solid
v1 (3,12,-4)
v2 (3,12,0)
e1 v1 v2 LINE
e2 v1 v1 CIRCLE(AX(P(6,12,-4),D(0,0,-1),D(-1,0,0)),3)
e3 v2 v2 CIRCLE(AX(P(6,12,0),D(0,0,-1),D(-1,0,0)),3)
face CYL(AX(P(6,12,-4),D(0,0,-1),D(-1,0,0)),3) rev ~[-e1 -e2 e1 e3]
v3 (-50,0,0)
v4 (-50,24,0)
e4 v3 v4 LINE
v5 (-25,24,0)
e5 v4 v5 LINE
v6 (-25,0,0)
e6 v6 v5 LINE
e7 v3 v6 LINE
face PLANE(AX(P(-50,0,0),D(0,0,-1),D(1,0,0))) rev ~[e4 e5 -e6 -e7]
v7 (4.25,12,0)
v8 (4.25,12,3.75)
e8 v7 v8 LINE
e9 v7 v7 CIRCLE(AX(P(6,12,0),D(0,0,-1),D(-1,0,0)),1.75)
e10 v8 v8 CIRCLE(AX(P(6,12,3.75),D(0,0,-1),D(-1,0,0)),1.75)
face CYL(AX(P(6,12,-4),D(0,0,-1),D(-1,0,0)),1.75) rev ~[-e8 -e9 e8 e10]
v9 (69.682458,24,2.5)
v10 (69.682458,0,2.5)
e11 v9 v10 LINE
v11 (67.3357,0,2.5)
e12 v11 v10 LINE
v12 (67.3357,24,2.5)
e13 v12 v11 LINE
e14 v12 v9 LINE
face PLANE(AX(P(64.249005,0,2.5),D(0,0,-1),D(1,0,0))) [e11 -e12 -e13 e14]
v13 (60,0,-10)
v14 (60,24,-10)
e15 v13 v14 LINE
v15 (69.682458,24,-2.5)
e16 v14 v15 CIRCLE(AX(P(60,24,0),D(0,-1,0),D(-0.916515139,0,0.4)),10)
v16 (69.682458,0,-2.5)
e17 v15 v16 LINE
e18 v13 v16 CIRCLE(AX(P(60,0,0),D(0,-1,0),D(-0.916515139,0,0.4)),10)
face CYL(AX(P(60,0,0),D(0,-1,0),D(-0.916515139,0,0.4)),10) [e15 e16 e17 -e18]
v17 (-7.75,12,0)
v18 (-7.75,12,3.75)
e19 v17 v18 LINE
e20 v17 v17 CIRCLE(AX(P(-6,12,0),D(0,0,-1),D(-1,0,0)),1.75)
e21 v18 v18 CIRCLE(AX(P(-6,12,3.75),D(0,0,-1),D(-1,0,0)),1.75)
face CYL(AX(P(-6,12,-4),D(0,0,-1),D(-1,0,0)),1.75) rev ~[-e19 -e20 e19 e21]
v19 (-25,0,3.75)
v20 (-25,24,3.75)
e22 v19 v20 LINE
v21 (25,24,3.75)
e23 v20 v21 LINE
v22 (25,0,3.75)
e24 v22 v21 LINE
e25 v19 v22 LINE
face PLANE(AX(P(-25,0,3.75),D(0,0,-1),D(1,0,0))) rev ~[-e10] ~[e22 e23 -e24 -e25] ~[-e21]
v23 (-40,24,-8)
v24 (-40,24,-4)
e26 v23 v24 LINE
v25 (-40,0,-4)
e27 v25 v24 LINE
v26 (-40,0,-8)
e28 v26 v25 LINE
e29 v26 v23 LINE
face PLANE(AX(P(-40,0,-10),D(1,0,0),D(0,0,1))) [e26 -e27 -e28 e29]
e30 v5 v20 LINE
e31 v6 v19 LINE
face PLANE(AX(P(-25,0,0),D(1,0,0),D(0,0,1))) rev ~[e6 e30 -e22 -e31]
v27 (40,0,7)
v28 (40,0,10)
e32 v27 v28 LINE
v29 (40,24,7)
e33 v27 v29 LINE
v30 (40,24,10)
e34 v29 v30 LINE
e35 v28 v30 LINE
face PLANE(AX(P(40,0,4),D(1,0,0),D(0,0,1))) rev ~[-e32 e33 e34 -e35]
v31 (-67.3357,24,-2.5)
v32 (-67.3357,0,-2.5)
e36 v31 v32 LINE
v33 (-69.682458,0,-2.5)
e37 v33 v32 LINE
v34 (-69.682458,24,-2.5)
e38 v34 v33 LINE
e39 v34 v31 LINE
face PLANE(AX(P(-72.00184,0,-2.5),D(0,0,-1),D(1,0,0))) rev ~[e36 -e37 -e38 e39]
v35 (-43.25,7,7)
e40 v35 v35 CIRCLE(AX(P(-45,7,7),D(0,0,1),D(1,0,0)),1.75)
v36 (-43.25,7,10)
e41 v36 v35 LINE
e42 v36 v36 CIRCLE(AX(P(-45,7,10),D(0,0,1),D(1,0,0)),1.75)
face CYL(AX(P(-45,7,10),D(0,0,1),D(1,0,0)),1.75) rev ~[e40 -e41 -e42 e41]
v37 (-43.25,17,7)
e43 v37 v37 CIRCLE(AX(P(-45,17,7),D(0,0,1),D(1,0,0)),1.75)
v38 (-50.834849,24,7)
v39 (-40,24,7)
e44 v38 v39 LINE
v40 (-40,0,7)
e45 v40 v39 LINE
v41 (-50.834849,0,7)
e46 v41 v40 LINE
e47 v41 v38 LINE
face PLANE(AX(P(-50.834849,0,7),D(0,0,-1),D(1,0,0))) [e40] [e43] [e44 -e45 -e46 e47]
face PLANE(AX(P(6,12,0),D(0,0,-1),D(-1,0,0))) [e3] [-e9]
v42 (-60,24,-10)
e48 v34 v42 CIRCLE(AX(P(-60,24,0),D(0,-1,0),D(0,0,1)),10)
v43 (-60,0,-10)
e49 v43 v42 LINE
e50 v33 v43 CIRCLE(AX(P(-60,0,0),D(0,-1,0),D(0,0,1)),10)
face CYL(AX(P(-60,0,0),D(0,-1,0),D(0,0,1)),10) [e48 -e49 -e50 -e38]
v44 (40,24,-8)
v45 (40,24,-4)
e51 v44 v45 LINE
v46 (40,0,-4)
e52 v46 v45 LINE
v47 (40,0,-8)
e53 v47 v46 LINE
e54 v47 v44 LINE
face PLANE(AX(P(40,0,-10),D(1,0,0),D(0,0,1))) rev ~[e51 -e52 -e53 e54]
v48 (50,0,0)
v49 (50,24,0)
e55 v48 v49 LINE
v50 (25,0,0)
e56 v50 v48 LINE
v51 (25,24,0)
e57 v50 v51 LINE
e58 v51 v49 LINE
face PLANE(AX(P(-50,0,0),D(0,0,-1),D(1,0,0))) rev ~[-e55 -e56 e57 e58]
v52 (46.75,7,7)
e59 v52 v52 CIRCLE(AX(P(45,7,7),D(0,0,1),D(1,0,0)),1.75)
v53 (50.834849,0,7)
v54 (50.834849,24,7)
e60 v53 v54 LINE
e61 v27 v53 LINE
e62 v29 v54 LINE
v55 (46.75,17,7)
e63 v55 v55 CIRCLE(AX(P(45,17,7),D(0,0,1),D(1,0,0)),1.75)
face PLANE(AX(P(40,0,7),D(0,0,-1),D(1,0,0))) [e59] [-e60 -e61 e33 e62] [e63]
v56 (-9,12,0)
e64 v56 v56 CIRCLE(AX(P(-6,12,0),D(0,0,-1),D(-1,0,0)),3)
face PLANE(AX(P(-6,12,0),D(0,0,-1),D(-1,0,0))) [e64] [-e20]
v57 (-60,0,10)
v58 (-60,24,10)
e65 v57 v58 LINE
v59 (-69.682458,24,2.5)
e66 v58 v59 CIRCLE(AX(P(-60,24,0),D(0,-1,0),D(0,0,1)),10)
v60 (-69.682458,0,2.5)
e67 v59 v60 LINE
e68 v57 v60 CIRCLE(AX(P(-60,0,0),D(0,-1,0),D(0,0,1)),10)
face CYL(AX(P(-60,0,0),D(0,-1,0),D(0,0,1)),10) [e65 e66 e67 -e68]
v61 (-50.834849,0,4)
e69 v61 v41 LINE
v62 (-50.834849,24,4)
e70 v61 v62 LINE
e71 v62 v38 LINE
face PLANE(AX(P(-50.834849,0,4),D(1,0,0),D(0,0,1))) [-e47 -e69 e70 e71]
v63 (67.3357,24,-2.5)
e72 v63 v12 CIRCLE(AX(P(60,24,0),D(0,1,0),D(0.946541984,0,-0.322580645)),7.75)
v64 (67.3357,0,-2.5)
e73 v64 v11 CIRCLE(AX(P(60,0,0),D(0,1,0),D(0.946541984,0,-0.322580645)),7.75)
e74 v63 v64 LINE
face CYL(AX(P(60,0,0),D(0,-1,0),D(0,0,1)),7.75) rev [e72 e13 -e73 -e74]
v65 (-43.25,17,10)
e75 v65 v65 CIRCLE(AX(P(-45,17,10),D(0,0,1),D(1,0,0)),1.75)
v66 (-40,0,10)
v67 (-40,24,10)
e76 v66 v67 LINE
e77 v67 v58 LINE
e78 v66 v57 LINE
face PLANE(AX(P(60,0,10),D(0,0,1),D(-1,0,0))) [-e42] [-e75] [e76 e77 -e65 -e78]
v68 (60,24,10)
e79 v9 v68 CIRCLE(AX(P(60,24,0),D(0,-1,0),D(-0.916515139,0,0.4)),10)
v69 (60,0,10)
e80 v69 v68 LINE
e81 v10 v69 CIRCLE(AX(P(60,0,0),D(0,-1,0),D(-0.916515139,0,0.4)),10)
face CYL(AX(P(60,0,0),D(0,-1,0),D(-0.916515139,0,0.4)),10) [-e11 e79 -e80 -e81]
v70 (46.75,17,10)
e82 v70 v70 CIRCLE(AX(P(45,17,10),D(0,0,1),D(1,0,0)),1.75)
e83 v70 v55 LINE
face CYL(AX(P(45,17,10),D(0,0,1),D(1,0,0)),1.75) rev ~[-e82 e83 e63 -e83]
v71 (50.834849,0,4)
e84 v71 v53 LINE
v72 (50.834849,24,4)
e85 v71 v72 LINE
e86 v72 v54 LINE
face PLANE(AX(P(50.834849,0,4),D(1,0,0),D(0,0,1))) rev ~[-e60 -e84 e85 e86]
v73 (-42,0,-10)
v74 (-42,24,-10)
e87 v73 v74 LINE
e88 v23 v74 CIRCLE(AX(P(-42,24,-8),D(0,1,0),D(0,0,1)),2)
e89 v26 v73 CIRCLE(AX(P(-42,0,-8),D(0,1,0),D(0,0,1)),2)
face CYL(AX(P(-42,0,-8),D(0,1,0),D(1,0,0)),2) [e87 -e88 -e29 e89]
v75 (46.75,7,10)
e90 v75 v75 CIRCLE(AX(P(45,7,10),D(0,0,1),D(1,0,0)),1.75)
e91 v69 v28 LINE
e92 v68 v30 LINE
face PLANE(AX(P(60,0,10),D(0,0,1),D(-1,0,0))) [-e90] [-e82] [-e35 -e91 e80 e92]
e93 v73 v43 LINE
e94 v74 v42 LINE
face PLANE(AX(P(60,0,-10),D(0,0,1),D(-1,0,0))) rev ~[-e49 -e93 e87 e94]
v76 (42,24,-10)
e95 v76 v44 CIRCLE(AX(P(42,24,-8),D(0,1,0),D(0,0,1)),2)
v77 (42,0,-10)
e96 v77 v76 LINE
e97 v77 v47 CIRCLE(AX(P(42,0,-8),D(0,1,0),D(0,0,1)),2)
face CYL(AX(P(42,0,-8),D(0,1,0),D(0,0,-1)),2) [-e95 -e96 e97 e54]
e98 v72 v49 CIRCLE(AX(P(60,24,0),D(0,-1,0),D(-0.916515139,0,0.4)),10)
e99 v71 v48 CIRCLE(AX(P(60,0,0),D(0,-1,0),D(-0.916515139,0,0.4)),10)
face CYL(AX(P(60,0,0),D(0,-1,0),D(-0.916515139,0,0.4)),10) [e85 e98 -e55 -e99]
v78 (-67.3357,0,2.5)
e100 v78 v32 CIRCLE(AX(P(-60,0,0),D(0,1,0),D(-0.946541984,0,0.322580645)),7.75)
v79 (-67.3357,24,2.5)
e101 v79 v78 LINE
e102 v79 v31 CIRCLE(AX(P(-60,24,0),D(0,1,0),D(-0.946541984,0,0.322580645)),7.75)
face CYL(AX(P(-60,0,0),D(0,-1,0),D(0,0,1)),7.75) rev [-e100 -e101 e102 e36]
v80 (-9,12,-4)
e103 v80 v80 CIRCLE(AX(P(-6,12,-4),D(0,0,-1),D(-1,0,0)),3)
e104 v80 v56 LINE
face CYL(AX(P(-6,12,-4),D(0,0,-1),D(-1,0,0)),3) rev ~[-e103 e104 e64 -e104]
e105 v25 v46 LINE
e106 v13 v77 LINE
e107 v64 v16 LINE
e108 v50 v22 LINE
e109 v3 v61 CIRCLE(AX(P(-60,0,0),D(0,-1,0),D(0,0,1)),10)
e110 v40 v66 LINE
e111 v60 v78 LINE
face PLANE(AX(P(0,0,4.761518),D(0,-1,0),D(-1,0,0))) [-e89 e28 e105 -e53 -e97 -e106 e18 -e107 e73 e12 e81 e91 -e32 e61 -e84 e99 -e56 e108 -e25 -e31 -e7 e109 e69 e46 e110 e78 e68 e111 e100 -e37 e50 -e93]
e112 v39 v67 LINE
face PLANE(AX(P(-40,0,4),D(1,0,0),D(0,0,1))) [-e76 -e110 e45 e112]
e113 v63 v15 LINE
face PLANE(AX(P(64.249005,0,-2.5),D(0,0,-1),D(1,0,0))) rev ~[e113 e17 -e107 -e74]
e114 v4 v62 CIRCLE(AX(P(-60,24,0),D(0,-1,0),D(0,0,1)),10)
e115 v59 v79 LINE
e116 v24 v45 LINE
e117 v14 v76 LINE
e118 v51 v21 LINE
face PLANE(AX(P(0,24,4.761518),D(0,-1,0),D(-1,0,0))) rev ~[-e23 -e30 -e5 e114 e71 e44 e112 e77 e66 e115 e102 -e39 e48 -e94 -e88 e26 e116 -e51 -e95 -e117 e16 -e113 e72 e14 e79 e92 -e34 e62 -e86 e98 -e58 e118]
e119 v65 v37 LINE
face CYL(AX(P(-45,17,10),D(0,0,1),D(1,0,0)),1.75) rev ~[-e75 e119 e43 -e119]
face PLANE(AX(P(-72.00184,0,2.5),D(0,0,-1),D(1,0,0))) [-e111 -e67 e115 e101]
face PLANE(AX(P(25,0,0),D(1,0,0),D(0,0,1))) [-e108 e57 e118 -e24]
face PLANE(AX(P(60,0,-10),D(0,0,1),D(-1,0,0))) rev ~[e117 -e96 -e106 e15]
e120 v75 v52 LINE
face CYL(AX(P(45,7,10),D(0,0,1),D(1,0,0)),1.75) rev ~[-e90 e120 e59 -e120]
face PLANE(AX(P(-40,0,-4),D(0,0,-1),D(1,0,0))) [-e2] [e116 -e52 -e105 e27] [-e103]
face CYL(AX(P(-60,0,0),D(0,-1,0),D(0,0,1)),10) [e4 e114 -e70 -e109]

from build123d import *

# Parameters (mm, degrees)
SKETCH_1_R          = 7.75
EXTRUDE_1_DEPTH     = 24
EXTRUDE_START       = -24
EXTRUDE_2_DEPTH     = 24
SKETCH_3_W          = 50
SKETCH_3_H          = 3.75
EXTRUDE_3_DEPTH     = 24
SKETCH_4_W          = 80
SKETCH_4_H          = 6
CUT_EXTRUDE_1_DEPTH = 24
FILLET_1_R          = 2
SKETCH_5_W          = 7.752834923
SKETCH_5_H          = 5
CUT_EXTRUDE_2_DEPTH = 24
SKETCH_6_R          = 1.75
CUT_EXTRUDE_3_DEPTH = 24
SKETCH_7_R          = 1.75
CUT_EXTRUDE_4_DEPTH = 3
SKETCH_8_W          = 10.83484861
SKETCH_8_H          = 3
CUT_EXTRUDE_5_DEPTH = 75.375029438
SKETCH_9_R          = 1.75
CUT_EXTRUDE_6_DEPTH = 3
SKETCH_10_R         = 3
CUT_EXTRUDE_7_DEPTH = 4


with BuildPart() as part:
    # 草图1 → 凸台-拉伸1 (new body)
    with BuildSketch(Plane(origin=(0, 0, 0), x_dir=(1, 0, 0), z_dir=(0, 1, 0))):
        with BuildLine():
            Line((-50.83484861, -4), (50.83484861, -4))
            ThreePointArc((50.83484861, -4), (65.477225575, 8.366600265), (60, -10))
            Line((60, -10), (-60, -10))
            ThreePointArc((-60, -10), (-65.477225575, 8.366600265), (-50.83484861, -4))
        make_face()
        with Locations(Location((-60, 0, 0), (0, 0, 270))):
            Circle(SKETCH_1_R, mode=Mode.SUBTRACT)
        with Locations(Location((60, 0, 0), (0, 0, 270))):
            Circle(SKETCH_1_R, mode=Mode.SUBTRACT)
    extrude(amount=EXTRUDE_1_DEPTH)

    # 草图2 → 凸台-拉伸2 (add)
    with BuildSketch(Plane(origin=(0, 24, 0), x_dir=(1, 0, 0), z_dir=(0, 1, 0)).offset(EXTRUDE_START)):
        with BuildLine():
            ThreePointArc((-60, 10), (-52.928932188, 7.071067812), (-50, 0))
            Line((-50, 0), (50, 0))
            ThreePointArc((50, 0), (52.928932188, 7.071067812), (60, 10))
            Line((60, 10), (-60, 10))
        make_face()
    extrude(amount=EXTRUDE_2_DEPTH)

    # 草图3 → 凸台-拉伸3 (add)
    with BuildSketch(Plane.XZ):
        with Locations((0, 1.875)):
            Rectangle(SKETCH_3_W, SKETCH_3_H)
    extrude(amount=-EXTRUDE_3_DEPTH)

    # 草图4 → 切除-拉伸1 (cut)
    with BuildSketch(Plane.XZ):
        with Locations((0, 7)):
            Rectangle(SKETCH_4_W, SKETCH_4_H)
        with Locations((0, -7)):
            Rectangle(SKETCH_4_W, SKETCH_4_H)
    extrude(amount=-CUT_EXTRUDE_1_DEPTH, mode=Mode.SUBTRACT)

    # 圆角1
    fillet_1_edges = [part.edges().sort_by_distance(p)[0] for p in [
        (40, 12, -10),
        (-40, 12, -10),
    ]]
    fillet(fillet_1_edges, radius=FILLET_1_R)

    # 草图5 → 切除-拉伸2 (cut)
    with BuildSketch(Plane.XZ):
        with Locations((68.12542242, 0)):
            Rectangle(SKETCH_5_W, SKETCH_5_H)
        with Locations((-68.12542242, 0)):
            Rectangle(SKETCH_5_W, SKETCH_5_H)
    extrude(amount=-CUT_EXTRUDE_2_DEPTH, mode=Mode.SUBTRACT)

    # 草图6 → 切除-拉伸3 (cut)
    with BuildSketch(Plane(origin=(0, 0, -4), x_dir=(-1, 0, 0), z_dir=(0, 0, -1))):
        with Locations((-6, 12)):
            Circle(SKETCH_6_R)
        with Locations((6, 12)):
            Circle(SKETCH_6_R)
    extrude(amount=-CUT_EXTRUDE_3_DEPTH, mode=Mode.SUBTRACT)

    # 草图7 → 切除-拉伸4 (cut)
    with BuildSketch(Plane.XY.offset(10)):
        with Locations((45, 7)):
            Circle(SKETCH_7_R)
        with Locations((45, 17)):
            Circle(SKETCH_7_R)
    extrude(amount=-CUT_EXTRUDE_4_DEPTH, mode=Mode.SUBTRACT)

    # 草图8 → 切除-拉伸5 (cut, through all)
    with BuildSketch(Plane.XZ):
        with Locations((45.417424305, 5.5)):
            Rectangle(SKETCH_8_W, SKETCH_8_H)
        with Locations((-45.417424305, 5.5)):
            Rectangle(SKETCH_8_W, SKETCH_8_H)
    extrude(amount=-CUT_EXTRUDE_5_DEPTH, mode=Mode.SUBTRACT)

    # 草图9 → 切除-拉伸6 (cut)
    with BuildSketch(Plane.XY.offset(10)):
        with Locations((-45, 7)):
            Circle(SKETCH_9_R)
        with Locations((-45, 17)):
            Circle(SKETCH_9_R)
    extrude(amount=-CUT_EXTRUDE_6_DEPTH, mode=Mode.SUBTRACT)

    # 草图10 → 切除-拉伸7 (cut)
    with BuildSketch(Plane(origin=(0, 0, -4), x_dir=(-1, 0, 0), z_dir=(0, 0, -1))):
        with Locations((6, 12)):
            Circle(SKETCH_10_R)
        with Locations((-6, 12)):
            Circle(SKETCH_10_R)
    extrude(amount=-CUT_EXTRUDE_7_DEPTH, mode=Mode.SUBTRACT)


solid = part.part
